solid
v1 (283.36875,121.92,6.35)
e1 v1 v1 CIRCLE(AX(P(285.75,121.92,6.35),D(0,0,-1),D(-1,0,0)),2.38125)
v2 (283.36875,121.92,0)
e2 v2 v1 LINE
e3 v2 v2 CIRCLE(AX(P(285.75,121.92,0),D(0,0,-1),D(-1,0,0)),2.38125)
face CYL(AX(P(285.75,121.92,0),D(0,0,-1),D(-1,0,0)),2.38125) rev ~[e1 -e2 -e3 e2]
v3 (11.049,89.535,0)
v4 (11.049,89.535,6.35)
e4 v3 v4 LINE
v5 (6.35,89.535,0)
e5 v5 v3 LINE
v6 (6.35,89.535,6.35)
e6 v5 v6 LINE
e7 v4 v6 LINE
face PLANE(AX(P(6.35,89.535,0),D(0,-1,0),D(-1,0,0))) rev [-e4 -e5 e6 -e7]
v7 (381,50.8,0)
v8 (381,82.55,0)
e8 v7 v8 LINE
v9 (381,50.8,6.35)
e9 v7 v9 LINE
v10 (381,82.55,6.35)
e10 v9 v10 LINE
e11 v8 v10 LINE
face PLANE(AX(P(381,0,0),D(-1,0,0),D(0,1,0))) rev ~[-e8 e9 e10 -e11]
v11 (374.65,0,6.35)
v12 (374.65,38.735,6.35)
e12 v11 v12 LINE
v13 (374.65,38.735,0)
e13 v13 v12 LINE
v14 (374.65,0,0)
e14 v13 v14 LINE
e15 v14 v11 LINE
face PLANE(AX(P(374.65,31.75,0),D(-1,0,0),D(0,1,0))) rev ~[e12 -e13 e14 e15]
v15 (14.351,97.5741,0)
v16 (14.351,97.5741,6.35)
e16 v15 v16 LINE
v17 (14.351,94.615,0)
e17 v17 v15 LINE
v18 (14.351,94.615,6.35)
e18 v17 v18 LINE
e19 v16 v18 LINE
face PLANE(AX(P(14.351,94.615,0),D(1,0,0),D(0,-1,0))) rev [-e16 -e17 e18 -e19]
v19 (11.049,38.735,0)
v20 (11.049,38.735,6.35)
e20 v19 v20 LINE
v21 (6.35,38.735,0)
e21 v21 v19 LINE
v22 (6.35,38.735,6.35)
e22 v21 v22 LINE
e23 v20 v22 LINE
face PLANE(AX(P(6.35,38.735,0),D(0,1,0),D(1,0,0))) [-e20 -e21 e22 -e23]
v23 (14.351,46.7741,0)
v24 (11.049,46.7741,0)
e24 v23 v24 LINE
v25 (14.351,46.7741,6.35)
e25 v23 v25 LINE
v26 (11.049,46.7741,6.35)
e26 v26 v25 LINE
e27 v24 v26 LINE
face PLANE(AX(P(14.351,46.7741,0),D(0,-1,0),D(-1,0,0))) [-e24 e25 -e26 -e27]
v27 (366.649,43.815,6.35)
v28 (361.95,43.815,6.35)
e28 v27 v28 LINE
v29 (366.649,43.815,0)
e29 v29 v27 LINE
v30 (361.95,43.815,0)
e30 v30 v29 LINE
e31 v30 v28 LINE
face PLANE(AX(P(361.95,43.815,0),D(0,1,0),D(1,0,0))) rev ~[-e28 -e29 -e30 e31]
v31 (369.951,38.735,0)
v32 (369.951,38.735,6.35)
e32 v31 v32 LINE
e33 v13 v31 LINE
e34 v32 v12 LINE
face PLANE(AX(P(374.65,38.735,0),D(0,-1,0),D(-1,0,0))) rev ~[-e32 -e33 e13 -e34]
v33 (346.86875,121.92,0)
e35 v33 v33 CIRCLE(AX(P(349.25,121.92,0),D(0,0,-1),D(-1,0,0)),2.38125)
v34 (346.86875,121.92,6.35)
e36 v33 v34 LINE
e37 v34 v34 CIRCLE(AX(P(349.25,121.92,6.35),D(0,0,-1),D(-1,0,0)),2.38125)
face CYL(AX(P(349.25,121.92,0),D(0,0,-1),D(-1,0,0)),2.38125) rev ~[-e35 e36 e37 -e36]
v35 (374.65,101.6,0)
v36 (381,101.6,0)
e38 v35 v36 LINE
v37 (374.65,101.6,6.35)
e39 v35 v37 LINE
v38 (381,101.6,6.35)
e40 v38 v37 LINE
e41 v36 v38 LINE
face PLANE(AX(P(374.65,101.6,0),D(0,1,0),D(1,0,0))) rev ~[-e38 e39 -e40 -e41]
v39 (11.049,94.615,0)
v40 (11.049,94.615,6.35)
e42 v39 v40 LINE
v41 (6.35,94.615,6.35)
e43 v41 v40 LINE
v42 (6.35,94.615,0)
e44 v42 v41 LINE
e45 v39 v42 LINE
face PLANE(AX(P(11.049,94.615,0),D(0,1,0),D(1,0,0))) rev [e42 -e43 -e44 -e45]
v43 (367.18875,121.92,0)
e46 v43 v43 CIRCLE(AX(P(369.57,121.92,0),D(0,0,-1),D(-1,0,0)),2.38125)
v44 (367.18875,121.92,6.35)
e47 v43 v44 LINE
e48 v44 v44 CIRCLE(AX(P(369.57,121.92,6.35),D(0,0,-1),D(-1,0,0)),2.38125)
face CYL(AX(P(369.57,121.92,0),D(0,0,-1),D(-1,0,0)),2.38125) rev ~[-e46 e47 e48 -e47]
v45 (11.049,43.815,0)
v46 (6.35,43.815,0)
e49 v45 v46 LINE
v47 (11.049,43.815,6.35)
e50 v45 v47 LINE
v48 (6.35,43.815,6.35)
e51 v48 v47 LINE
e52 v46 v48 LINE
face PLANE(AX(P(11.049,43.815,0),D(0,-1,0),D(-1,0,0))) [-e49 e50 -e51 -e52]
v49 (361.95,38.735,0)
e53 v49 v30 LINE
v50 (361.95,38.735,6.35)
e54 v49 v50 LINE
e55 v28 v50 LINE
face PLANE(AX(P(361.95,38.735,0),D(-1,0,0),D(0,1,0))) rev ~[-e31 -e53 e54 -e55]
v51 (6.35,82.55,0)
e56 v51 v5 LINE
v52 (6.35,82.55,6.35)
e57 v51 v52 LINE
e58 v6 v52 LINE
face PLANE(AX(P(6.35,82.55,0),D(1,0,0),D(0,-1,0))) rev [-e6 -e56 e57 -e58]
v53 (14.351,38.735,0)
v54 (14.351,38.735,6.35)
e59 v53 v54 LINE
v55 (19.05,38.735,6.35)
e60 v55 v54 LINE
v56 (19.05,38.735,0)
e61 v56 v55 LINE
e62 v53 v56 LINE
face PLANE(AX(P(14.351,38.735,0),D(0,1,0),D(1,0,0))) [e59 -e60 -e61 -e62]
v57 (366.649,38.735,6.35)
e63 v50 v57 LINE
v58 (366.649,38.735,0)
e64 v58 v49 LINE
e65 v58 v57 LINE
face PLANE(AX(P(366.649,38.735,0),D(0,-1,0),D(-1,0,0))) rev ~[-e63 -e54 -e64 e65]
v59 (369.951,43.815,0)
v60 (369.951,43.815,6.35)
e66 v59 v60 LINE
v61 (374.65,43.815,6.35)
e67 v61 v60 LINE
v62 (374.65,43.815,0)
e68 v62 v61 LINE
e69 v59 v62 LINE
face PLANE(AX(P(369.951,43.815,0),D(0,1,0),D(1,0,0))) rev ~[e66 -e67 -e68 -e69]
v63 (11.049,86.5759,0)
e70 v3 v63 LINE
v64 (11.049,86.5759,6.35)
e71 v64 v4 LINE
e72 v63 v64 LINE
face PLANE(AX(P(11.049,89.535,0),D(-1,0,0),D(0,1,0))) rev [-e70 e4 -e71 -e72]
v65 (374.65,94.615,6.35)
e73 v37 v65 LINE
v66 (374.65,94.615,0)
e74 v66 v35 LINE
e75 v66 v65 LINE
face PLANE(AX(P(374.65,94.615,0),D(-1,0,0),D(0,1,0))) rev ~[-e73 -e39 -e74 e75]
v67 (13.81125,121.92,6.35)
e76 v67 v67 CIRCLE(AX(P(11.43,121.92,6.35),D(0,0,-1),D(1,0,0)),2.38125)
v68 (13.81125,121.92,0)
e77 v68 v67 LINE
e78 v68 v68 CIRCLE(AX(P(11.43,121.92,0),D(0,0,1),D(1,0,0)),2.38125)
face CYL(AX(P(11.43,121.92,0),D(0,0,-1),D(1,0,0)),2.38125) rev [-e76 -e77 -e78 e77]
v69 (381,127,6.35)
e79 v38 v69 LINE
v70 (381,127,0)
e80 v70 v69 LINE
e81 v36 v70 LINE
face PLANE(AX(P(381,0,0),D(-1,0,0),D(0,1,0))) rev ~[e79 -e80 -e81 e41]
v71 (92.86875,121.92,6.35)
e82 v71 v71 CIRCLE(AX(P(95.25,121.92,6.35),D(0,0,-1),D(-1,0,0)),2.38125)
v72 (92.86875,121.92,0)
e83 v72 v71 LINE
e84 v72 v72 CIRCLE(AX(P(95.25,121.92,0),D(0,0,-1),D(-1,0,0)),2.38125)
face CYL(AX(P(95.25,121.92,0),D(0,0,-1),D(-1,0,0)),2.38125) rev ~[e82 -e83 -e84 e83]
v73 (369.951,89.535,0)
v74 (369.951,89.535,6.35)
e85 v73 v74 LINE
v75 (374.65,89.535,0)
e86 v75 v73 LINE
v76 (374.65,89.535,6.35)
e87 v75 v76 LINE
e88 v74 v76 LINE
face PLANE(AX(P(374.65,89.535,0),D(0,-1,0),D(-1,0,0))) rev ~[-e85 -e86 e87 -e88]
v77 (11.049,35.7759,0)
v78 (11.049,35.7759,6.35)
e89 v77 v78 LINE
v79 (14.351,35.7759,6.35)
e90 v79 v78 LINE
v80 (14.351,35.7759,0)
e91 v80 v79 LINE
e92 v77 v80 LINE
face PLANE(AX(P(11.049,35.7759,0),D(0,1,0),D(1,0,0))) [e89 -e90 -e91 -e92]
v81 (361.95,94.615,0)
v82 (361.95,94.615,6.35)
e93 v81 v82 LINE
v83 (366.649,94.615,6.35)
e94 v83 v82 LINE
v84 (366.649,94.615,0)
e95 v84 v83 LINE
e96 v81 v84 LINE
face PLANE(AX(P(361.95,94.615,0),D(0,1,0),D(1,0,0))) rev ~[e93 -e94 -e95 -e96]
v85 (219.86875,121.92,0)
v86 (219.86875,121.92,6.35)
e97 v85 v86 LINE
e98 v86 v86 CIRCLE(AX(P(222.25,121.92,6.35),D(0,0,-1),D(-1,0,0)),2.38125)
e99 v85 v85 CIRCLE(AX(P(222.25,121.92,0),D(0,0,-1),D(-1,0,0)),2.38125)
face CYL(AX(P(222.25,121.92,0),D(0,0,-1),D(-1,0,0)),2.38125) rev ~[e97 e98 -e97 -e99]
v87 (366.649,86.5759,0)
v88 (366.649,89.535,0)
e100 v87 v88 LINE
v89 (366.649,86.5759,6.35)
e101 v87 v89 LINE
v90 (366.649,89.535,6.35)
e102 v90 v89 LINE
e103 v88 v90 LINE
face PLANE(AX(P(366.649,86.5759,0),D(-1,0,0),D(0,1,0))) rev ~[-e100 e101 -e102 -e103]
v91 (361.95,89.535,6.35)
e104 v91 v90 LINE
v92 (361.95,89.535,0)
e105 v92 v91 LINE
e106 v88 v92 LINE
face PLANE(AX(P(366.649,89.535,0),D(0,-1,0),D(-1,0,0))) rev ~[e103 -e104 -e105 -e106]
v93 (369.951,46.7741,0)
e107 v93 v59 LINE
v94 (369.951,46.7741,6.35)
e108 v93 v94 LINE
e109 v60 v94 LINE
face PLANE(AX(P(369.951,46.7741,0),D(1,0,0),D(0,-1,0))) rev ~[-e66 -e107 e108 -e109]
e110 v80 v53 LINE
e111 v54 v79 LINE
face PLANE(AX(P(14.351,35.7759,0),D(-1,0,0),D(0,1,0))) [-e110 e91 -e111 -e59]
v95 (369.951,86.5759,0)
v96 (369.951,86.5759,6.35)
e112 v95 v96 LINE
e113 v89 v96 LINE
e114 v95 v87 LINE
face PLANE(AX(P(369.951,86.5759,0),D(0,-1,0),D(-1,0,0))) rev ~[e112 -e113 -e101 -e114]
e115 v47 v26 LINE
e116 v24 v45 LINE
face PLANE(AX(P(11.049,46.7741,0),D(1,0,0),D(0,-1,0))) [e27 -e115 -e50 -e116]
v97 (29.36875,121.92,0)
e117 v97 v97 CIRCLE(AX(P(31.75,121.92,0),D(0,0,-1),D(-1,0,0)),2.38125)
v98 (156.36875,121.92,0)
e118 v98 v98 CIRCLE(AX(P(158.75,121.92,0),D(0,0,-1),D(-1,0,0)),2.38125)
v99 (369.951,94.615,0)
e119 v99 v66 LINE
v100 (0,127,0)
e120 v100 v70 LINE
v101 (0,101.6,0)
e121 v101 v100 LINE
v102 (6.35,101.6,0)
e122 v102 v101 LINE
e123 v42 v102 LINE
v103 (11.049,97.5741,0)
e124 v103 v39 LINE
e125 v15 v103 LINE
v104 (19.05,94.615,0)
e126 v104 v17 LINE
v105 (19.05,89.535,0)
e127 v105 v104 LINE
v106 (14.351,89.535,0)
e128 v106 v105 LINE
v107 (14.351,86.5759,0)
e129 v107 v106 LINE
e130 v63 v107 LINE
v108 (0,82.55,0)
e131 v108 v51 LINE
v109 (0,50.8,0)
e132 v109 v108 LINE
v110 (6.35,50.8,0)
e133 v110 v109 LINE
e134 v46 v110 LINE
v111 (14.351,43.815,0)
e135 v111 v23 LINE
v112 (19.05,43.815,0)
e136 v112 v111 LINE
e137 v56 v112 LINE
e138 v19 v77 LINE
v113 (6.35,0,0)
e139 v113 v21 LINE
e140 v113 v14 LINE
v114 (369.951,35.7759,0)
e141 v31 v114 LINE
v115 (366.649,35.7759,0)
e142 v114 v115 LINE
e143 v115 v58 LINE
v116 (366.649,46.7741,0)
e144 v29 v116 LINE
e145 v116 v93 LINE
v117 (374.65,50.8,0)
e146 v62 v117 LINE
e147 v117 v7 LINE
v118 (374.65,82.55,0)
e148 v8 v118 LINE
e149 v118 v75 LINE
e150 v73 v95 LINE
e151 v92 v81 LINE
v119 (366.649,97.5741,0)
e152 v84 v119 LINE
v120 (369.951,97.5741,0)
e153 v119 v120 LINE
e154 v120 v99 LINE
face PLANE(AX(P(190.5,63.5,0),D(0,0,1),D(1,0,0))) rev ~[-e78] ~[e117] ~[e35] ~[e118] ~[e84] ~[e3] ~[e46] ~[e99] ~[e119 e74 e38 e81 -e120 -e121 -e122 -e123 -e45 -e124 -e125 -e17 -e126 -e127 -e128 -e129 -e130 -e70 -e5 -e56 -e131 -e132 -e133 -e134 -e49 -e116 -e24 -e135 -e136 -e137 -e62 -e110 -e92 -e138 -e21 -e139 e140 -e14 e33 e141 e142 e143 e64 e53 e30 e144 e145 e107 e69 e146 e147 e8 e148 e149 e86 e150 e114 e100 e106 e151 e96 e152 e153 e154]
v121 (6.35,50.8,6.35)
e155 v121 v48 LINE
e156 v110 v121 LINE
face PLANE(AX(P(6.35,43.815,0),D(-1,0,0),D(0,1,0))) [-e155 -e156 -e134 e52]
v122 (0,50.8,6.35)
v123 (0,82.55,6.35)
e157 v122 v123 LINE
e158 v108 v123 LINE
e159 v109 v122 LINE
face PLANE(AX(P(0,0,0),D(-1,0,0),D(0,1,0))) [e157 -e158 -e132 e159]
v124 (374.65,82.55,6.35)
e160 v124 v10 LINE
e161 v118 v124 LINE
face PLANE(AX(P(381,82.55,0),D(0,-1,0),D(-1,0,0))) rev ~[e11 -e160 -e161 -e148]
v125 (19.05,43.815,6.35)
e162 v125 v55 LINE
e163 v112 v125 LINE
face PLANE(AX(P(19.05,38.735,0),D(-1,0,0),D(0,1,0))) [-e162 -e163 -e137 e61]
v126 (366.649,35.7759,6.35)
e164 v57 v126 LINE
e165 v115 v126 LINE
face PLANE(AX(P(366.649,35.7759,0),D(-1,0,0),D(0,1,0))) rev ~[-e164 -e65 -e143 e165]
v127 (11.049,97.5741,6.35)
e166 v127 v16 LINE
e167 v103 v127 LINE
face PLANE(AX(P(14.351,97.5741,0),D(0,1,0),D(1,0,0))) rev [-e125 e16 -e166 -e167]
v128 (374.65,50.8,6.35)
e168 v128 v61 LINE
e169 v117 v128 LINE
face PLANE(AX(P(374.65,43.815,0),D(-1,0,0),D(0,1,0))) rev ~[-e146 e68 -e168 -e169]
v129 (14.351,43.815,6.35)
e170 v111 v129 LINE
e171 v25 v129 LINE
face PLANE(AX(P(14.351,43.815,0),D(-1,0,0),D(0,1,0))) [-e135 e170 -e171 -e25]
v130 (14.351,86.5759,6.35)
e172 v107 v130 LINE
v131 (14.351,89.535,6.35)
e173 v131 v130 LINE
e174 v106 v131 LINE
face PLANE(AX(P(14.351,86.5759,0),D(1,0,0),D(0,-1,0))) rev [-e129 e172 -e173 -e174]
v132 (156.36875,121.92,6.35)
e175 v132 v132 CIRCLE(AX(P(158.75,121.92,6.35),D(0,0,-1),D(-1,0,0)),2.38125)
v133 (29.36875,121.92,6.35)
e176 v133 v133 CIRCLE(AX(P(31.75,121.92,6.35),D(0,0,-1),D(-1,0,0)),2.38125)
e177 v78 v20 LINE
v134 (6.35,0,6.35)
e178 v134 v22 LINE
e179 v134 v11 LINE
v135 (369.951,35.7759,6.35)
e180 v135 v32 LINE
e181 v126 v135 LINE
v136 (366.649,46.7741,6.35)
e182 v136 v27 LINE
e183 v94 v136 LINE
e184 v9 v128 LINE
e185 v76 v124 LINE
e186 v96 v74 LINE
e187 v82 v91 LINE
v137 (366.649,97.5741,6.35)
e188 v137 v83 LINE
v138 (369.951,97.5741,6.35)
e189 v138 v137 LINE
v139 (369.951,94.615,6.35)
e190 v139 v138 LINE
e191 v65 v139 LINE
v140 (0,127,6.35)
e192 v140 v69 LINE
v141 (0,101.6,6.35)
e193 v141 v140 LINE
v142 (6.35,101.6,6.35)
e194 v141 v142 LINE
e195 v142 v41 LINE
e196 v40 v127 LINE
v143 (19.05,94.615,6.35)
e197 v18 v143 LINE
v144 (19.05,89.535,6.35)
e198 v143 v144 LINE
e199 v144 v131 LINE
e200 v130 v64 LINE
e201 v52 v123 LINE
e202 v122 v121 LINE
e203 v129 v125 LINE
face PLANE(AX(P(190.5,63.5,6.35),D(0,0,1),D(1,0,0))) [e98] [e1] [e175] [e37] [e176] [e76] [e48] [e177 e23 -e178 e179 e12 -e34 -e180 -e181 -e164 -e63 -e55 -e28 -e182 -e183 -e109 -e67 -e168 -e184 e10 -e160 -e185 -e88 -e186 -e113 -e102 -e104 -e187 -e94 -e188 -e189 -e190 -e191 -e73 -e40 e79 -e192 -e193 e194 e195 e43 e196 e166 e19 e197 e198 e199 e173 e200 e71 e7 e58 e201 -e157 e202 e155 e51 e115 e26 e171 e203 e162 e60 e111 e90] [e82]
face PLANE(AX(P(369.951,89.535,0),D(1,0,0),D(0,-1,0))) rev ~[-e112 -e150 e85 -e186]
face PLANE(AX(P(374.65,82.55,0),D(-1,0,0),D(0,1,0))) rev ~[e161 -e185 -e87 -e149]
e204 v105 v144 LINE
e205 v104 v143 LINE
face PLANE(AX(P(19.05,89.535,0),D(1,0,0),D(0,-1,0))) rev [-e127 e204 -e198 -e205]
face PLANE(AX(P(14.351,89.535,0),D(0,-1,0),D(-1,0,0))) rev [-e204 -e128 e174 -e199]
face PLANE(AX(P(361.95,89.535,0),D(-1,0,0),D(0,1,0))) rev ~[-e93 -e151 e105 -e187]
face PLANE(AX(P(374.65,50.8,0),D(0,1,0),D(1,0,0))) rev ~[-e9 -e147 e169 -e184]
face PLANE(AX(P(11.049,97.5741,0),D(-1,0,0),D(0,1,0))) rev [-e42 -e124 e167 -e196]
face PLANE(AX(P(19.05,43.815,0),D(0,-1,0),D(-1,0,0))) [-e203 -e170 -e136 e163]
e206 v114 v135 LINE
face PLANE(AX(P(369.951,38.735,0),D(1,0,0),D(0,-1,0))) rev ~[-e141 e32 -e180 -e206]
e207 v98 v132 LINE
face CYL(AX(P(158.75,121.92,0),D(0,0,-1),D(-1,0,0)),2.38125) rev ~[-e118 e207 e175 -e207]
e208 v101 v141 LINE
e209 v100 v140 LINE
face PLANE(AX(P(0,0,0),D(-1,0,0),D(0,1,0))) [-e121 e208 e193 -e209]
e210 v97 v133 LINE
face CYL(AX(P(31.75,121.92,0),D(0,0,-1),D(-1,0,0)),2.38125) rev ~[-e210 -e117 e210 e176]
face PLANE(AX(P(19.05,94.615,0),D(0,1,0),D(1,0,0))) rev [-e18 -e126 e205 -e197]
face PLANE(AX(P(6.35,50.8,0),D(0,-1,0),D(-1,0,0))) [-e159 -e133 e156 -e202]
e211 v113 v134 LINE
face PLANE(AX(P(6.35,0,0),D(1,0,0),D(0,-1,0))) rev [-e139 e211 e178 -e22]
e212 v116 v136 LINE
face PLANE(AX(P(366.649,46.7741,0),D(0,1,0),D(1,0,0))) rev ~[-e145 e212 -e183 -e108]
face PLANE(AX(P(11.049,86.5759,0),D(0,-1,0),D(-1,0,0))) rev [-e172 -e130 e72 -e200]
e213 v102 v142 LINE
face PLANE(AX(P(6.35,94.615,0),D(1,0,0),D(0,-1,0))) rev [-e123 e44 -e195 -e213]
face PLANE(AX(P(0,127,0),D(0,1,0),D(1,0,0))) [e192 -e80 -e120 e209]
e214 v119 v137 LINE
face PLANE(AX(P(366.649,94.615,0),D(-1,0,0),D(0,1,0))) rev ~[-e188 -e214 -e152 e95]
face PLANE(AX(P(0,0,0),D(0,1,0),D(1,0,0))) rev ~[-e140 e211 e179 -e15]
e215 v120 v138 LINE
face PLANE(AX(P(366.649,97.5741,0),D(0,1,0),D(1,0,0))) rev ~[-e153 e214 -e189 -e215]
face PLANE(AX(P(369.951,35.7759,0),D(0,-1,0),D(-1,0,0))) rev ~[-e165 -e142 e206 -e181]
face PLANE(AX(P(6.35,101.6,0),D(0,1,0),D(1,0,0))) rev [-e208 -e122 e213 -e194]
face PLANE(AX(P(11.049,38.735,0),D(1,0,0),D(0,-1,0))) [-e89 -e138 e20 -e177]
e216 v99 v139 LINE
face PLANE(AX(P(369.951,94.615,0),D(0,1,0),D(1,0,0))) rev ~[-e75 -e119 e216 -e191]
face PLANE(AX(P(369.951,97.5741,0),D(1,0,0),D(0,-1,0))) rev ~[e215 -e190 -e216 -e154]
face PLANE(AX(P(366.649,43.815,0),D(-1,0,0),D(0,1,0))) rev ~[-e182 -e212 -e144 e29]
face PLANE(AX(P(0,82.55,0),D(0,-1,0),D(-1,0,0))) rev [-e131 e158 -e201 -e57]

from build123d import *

# Parameters (mm, degrees)
SKETCH2_W            = 381
SKETCH2_H            = 127
BOSS_EXTRUDE1_DEPTH  = 6.35
CUT_EXTRUDE3_DEPTH   = 402.659460862
LPATTERN1_COUNT      = 2
LPATTERN1_PITCH      = 50.8
MIRROR1_COPY_1_DEPTH = 402.659460862
SKETCH6_R            = 2.38125
CUT_EXTRUDE4_DEPTH   = 402.659460862
LPATTERN2_COUNT      = 6
LPATTERN2_PITCH      = 63.5
SKETCH7_R            = 2.38125
CUT_EXTRUDE5_DEPTH   = 402.659460862
SKETCH8_W            = 6.35
SKETCH8_H            = 31.75
CUT_EXTRUDE6_DEPTH   = 402.659460862


with BuildPart() as part:
    # Sketch2 → Boss-Extrude1 (new body)
    with BuildSketch(Plane.XY):
        with Locations((190.5, 63.5)):
            Rectangle(SKETCH2_W, SKETCH2_H)
    extrude(amount=BOSS_EXTRUDE1_DEPTH)

    # Sketch5 → Cut-Extrude3 (cut, through all)
    with BuildSketch(Plane(origin=(0, 0, 0), x_dir=(-1, 0, 0), z_dir=(0, 0, -1))):
        Polygon((-381, 101.6), (-381, 82.55), (-374.65, 82.55), (-374.65, 89.535), (-369.951, 89.535), (-369.951, 86.5759), (-366.649, 86.5759), (-366.649, 89.535), (-361.95, 89.535), (-361.95, 94.615), (-366.649, 94.615), (-366.649, 97.5741), (-369.951, 97.5741), (-369.951, 94.615), (-374.65, 94.615), (-374.65, 101.6), align=None)
    cut_extrude3 = extrude(amount=-CUT_EXTRUDE3_DEPTH, mode=Mode.SUBTRACT)

    # LPattern1: Cut-Extrude3 ×2
    with Locations(*[(0, -i * LPATTERN1_PITCH, 0) for i in range(1, LPATTERN1_COUNT)]):
        add(cut_extrude3, mode=Mode.SUBTRACT)

    # Mirror1: Cut-Extrude3 across plane
    add(cut_extrude3.mirror(Plane.ZY.offset(-190.5)), mode=Mode.SUBTRACT)

    # Mirror1 copy 1 sketch → Mirror1 copy 1 (cut, through all)
    with BuildSketch(Plane(origin=(381, -50.8, 0), x_dir=(1, 0, 0), z_dir=(0, 0, -1))):
        Polygon((-381, -101.6), (-381, -82.55), (-374.65, -82.55), (-374.65, -89.535), (-369.951, -89.535), (-369.951, -86.5759), (-366.649, -86.5759), (-366.649, -89.535), (-361.95, -89.535), (-361.95, -94.615), (-366.649, -94.615), (-366.649, -97.5741), (-369.951, -97.5741), (-369.951, -94.615), (-374.65, -94.615), (-374.65, -101.6), align=None)
    extrude(amount=-MIRROR1_COPY_1_DEPTH, mode=Mode.SUBTRACT)

    # Sketch6 → Cut-Extrude4 (cut, through all)
    with BuildSketch(Plane(origin=(0, 0, 0), x_dir=(-1, 0, 0), z_dir=(0, 0, -1))):
        with Locations((-349.25, 121.92)):
            Circle(SKETCH6_R)
    cut_extrude4 = extrude(amount=-CUT_EXTRUDE4_DEPTH, mode=Mode.SUBTRACT)

    # LPattern2: Cut-Extrude4 ×6
    with Locations(*[(-i * LPATTERN2_PITCH, 0, 0) for i in range(1, LPATTERN2_COUNT)]):
        add(cut_extrude4, mode=Mode.SUBTRACT)

    # Sketch7 → Cut-Extrude5 (cut, through all)
    with BuildSketch(Plane(origin=(0, 0, 0), x_dir=(-1, 0, 0), z_dir=(0, 0, -1))):
        with Locations((-369.57, 121.92)):
            Circle(SKETCH7_R)
    cut_extrude5 = extrude(amount=-CUT_EXTRUDE5_DEPTH, mode=Mode.SUBTRACT)

    # Mirror2: Cut-Extrude5 across plane
    add(cut_extrude5.mirror(Plane.ZY.offset(-190.5)), mode=Mode.SUBTRACT)

    # Sketch8 → Cut-Extrude6 (cut, through all)
    with BuildSketch(Plane(origin=(0, 0, 0), x_dir=(-1, 0, 0), z_dir=(0, 0, -1))):
        with Locations((-377.825, 15.875)):
            Rectangle(SKETCH8_W, SKETCH8_H)
    cut_extrude6 = extrude(amount=-CUT_EXTRUDE6_DEPTH, mode=Mode.SUBTRACT)

    # Mirror3: Cut-Extrude6 across plane
    add(cut_extrude6.mirror(Plane.ZY.offset(-190.5)), mode=Mode.SUBTRACT)


solid = part.part
